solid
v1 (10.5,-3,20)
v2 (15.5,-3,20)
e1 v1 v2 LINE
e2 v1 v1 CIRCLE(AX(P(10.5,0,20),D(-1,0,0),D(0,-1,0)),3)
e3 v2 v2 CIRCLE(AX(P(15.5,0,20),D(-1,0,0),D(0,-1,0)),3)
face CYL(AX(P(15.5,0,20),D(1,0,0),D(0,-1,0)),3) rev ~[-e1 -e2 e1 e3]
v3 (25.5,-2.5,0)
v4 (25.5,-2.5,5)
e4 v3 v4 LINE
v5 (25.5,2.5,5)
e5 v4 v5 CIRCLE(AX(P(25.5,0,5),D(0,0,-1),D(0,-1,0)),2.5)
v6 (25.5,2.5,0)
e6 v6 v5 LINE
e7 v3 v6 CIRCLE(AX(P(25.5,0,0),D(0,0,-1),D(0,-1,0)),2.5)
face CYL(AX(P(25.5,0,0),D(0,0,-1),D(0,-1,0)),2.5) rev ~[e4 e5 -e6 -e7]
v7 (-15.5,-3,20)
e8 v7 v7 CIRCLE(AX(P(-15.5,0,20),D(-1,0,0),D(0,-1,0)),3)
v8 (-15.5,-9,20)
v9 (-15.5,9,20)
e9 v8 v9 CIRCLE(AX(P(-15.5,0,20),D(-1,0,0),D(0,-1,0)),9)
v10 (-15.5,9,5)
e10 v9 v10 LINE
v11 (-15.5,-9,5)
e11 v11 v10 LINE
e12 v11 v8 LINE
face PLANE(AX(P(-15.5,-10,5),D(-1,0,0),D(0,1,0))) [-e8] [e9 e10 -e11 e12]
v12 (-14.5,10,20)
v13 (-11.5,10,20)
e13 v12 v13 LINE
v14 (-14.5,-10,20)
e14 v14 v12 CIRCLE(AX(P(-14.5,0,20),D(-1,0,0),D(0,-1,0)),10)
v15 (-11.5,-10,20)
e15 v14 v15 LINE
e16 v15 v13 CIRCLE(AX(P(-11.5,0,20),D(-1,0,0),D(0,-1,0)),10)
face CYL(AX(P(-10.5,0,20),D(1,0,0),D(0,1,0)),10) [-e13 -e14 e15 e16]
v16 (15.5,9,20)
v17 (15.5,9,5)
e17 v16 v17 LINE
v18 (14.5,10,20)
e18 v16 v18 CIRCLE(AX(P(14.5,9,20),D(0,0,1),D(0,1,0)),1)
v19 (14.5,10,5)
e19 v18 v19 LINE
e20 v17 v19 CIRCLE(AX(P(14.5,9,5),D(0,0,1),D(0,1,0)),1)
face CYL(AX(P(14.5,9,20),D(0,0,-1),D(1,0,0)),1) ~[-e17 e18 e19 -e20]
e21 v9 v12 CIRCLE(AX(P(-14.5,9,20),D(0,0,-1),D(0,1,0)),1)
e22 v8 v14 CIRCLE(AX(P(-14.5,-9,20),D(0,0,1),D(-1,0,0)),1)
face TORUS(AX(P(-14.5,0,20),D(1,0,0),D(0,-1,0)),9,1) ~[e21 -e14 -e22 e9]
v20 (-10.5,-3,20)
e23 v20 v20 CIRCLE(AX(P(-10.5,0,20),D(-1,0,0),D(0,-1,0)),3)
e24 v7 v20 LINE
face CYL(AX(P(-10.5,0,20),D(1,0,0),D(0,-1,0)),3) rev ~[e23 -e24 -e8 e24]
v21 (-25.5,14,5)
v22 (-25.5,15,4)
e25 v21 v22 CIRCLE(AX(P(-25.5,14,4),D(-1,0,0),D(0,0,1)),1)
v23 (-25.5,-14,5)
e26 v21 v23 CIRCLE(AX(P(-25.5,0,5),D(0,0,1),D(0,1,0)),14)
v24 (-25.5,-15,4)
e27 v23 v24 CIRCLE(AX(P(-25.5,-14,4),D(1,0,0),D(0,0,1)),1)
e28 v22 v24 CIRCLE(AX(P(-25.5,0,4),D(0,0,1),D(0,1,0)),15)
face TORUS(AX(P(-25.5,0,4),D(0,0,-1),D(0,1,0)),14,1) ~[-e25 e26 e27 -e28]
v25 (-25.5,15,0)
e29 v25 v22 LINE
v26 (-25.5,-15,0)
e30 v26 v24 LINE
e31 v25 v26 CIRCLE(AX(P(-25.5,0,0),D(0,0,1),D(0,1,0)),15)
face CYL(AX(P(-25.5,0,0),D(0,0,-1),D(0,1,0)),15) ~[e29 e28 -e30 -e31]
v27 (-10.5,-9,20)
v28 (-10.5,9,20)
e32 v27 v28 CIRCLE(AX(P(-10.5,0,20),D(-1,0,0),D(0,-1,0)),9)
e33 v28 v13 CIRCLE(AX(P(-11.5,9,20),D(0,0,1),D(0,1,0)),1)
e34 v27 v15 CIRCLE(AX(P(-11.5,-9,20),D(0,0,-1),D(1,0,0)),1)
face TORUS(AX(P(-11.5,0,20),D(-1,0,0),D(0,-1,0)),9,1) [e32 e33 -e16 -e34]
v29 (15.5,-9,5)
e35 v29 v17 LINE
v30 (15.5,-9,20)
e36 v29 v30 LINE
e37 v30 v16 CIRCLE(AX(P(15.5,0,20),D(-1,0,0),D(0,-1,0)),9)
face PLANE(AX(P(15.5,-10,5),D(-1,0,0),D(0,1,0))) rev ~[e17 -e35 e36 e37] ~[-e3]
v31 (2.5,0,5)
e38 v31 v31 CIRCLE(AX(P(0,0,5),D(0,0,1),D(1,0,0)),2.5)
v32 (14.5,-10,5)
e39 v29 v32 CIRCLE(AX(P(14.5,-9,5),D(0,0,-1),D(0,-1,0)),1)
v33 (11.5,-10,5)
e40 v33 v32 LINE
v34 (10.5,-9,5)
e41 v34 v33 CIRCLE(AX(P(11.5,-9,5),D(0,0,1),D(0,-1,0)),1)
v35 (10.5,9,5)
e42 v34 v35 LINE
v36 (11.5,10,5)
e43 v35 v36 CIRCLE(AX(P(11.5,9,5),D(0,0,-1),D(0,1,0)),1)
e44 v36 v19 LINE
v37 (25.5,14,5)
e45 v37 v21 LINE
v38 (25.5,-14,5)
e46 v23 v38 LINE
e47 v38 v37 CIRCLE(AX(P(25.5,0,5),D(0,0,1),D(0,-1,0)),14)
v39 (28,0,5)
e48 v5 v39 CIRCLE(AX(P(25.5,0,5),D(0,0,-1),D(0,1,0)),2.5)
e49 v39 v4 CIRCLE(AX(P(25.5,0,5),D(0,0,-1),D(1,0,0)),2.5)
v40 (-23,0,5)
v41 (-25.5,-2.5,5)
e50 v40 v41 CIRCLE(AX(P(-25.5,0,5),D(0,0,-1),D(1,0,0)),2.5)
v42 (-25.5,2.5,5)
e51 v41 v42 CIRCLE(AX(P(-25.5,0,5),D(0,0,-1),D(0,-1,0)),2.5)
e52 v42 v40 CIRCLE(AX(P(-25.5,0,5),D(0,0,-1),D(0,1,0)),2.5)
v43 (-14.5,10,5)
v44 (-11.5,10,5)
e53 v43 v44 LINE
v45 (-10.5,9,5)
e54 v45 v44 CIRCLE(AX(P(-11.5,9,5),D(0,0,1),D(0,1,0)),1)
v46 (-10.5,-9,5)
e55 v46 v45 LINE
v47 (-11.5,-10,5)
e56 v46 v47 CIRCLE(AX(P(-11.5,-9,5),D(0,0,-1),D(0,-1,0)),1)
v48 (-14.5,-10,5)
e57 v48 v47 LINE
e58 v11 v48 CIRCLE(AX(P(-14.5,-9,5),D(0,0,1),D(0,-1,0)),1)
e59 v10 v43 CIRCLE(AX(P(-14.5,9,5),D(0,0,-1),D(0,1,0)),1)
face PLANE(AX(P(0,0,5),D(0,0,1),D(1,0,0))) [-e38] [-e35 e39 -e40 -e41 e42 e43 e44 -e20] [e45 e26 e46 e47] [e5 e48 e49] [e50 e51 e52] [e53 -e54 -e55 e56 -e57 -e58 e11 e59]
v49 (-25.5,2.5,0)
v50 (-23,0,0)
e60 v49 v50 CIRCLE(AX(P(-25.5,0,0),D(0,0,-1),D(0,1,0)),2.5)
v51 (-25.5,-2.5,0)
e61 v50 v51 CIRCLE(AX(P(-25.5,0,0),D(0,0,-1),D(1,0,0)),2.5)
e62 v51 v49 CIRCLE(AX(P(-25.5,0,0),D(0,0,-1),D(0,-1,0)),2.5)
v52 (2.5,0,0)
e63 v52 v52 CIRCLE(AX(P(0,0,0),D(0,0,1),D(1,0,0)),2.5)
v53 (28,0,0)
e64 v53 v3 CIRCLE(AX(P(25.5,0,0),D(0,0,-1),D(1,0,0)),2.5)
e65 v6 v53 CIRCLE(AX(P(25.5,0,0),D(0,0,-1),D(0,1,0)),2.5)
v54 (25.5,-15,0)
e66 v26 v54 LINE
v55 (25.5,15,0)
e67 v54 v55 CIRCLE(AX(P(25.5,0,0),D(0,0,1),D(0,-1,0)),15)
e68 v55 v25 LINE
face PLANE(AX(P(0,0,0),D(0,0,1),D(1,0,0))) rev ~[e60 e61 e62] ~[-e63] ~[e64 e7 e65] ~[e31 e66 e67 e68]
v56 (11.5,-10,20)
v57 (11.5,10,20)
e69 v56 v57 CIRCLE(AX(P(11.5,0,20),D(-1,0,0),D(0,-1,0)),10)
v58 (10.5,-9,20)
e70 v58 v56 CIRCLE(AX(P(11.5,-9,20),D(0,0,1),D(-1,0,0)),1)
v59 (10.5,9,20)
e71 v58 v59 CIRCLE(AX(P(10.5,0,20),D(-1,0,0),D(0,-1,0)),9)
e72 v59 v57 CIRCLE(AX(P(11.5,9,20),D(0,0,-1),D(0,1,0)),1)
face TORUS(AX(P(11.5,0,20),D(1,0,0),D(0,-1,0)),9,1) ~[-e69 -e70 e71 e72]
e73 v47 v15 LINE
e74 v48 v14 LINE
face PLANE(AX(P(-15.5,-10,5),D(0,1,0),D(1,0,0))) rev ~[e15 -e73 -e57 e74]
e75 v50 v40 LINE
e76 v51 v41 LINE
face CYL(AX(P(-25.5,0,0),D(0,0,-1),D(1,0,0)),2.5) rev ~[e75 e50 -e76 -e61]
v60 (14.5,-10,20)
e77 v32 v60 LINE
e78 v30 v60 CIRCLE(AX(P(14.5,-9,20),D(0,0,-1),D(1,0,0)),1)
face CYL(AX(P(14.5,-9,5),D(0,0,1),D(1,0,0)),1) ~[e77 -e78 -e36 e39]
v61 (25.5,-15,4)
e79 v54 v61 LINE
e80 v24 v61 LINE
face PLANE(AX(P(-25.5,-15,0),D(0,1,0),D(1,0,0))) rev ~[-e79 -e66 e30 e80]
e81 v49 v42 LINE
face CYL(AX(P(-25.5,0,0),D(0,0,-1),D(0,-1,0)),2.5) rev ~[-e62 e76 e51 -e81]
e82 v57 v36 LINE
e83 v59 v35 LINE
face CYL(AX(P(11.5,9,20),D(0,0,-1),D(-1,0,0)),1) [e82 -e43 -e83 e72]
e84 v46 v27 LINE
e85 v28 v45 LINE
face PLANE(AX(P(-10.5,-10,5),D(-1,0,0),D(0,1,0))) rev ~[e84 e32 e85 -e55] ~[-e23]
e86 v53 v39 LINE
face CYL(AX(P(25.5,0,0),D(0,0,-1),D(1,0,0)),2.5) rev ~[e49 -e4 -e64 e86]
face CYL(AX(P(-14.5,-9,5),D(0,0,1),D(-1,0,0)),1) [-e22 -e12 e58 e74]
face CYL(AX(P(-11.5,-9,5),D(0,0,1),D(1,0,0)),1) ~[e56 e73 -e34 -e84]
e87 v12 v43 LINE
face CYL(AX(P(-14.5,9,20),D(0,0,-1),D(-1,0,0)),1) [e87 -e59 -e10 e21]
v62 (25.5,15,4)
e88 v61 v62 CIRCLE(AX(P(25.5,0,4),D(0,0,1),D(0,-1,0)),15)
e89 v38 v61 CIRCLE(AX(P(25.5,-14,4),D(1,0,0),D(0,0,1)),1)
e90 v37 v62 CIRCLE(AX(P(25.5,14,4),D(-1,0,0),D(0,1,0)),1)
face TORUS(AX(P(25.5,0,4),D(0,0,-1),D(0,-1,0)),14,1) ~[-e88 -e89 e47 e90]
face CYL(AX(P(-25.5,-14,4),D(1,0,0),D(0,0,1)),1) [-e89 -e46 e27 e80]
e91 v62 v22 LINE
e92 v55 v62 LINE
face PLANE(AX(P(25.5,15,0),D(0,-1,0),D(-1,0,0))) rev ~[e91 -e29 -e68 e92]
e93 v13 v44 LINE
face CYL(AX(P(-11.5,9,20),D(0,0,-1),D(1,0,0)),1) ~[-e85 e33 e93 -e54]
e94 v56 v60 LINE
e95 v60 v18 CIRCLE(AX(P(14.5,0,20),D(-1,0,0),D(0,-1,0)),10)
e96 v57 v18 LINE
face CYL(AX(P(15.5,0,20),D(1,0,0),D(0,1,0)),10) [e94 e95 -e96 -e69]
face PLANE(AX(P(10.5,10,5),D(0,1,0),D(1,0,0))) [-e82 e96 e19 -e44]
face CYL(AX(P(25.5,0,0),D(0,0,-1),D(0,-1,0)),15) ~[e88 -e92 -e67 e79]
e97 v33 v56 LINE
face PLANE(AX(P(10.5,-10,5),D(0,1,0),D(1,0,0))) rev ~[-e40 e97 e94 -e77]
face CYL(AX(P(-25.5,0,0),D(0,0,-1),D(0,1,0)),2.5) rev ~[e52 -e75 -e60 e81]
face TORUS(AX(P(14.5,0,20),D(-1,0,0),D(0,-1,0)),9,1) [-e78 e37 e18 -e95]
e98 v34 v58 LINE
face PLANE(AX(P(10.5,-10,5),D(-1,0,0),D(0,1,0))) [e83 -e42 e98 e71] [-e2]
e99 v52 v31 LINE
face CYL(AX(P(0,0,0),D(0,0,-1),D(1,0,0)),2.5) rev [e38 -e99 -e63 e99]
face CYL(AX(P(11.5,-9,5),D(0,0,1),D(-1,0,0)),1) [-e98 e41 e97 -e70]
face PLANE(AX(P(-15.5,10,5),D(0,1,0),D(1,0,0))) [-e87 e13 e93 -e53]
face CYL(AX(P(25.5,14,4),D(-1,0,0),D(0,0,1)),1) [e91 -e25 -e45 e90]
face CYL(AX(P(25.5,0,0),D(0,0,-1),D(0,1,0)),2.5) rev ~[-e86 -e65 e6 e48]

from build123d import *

# Parameters (mm, degrees)
F0_R      = 2.5
F1_DEPTH  = 5
F2_W      = 5
F2_H      = 20
F3_DEPTH  = 15
F4_DEPTH  = 15
F5_R      = 10
F5_R_2    = 3
F6_DEPTH  = 5
F7_DEPTH  = 5
F8_R      = 10
F8_R_2    = 3
F9_DEPTH  = 5
F10_DEPTH = 5
F11_R     = 1
F12_R     = 1


with BuildPart() as f1:
    # F0 (on Top) → F1 (new body)
    with BuildSketch(Plane.XY):
        with BuildLine():
            ThreePointArc((-10.5, 0), (-14.8933982822, -10.6066017178), (-25.5, -15))
            Line((-25.5, -15), (25.5, -15))
            ThreePointArc((25.5, -15), (10.5, 0), (25.5, 15))
            Line((25.5, 15), (-25.5, 15))
            ThreePointArc((-25.5, 15), (-14.8933982822, 10.6066017178), (-10.5, 0))
        make_face()
        Circle(F0_R, mode=Mode.SUBTRACT)
        with BuildLine():
            ThreePointArc((-25.5, 15), (-40.5, 0), (-25.5, -15))
            Line((-25.5, -15), (-25.5, -2.5))
            ThreePointArc((-25.5, -2.5), (-28, 0), (-25.5, 2.5))
            Line((-25.5, 2.5), (-25.5, 15))
        make_face()
        with BuildLine():
            Line((-25.5, -2.5), (-25.5, -15))
            ThreePointArc((-25.5, -15), (-14.8933982822, -10.6066017178), (-10.5, 0))
            ThreePointArc((-10.5, 0), (-14.8933982822, 10.6066017178), (-25.5, 15))
            Line((-25.5, 15), (-25.5, 2.5))
            ThreePointArc((-25.5, 2.5), (-23.732233047, 1.767766953), (-23, 0))
            ThreePointArc((-23, 0), (-23.732233047, -1.767766953), (-25.5, -2.5))
        make_face()
        with BuildLine():
            ThreePointArc((25.5, 15), (10.5, 0), (25.5, -15))
            Line((25.5, -15), (25.5, -2.5))
            ThreePointArc((25.5, -2.5), (23, 0), (25.5, 2.5))
            Line((25.5, 2.5), (25.5, 15))
        make_face()
        with BuildLine():
            Line((25.5, -2.5), (25.5, -15))
            ThreePointArc((25.5, -15), (36.1066017178, -10.6066017178), (40.5, 0))
            ThreePointArc((40.5, 0), (36.1066017178, 10.6066017178), (25.5, 15))
            Line((25.5, 15), (25.5, 2.5))
            ThreePointArc((25.5, 2.5), (27.267766953, 1.767766953), (28, 0))
            ThreePointArc((28, 0), (27.267766953, -1.767766953), (25.5, -2.5))
        make_face()
    extrude(amount=F1_DEPTH)

    # F2 (on face) → F3 (join)
    with BuildSketch(Plane.XY.offset(5)):
        with Locations((13, 0)):
            Rectangle(F2_W, F2_H)
    extrude(amount=F3_DEPTH)

    # F2 (on face) → F4 (join)
    with BuildSketch(Plane.XY.offset(5)):
        with Locations((-13, 0)):
            Rectangle(F2_W, F2_H)
    extrude(amount=F4_DEPTH)

    # F5 (on face) → F6 (join)
    with BuildSketch(Plane.YZ.offset(-10.5)):
        with Locations((0, 20)):
            Circle(F5_R)
        with Locations((0, 20)):
            Circle(F5_R_2, mode=Mode.SUBTRACT)
    extrude(amount=-F6_DEPTH)

    # F5 (on face) → F7 (cut)
    with BuildSketch(Plane.YZ.offset(-10.5)):
        with BuildLine():
            ThreePointArc((-3, 20), (0, 17), (3, 20))
            Line((3, 20), (-3, 20))
        make_face()
    extrude(amount=-F7_DEPTH, mode=Mode.SUBTRACT)

    # F8 (on face) → F9 (join)
    with BuildSketch(Plane.YZ.offset(15.5)):
        with Locations((0, 20)):
            Circle(F8_R)
        with Locations((0, 20)):
            Circle(F8_R_2, mode=Mode.SUBTRACT)
    extrude(amount=-F9_DEPTH)

    # F8 (on face) → F10 (cut)
    with BuildSketch(Plane.YZ.offset(15.5)):
        with BuildLine():
            ThreePointArc((-3, 20), (0, 17), (3, 20))
            Line((3, 20), (-3, 20))
        make_face()
    extrude(amount=-F10_DEPTH, mode=Mode.SUBTRACT)

    # F11
    f11_edges = [f1.edges().sort_by_distance(p)[0] for p in [
        (-10.5, -10, 12.5),
        (15.5, -10, 12.5),
        (-15.5, -10, 12.5),
        (10.5, -10, 12.5),
    ]]
    fillet(f11_edges, radius=F11_R)

    # F12
    f12_edges = [f1.edges().sort_by_distance(p)[0] for p in [
        (0, -15, 5),
    ]]
    fillet(f12_edges, radius=F12_R)


solid = f1.part
